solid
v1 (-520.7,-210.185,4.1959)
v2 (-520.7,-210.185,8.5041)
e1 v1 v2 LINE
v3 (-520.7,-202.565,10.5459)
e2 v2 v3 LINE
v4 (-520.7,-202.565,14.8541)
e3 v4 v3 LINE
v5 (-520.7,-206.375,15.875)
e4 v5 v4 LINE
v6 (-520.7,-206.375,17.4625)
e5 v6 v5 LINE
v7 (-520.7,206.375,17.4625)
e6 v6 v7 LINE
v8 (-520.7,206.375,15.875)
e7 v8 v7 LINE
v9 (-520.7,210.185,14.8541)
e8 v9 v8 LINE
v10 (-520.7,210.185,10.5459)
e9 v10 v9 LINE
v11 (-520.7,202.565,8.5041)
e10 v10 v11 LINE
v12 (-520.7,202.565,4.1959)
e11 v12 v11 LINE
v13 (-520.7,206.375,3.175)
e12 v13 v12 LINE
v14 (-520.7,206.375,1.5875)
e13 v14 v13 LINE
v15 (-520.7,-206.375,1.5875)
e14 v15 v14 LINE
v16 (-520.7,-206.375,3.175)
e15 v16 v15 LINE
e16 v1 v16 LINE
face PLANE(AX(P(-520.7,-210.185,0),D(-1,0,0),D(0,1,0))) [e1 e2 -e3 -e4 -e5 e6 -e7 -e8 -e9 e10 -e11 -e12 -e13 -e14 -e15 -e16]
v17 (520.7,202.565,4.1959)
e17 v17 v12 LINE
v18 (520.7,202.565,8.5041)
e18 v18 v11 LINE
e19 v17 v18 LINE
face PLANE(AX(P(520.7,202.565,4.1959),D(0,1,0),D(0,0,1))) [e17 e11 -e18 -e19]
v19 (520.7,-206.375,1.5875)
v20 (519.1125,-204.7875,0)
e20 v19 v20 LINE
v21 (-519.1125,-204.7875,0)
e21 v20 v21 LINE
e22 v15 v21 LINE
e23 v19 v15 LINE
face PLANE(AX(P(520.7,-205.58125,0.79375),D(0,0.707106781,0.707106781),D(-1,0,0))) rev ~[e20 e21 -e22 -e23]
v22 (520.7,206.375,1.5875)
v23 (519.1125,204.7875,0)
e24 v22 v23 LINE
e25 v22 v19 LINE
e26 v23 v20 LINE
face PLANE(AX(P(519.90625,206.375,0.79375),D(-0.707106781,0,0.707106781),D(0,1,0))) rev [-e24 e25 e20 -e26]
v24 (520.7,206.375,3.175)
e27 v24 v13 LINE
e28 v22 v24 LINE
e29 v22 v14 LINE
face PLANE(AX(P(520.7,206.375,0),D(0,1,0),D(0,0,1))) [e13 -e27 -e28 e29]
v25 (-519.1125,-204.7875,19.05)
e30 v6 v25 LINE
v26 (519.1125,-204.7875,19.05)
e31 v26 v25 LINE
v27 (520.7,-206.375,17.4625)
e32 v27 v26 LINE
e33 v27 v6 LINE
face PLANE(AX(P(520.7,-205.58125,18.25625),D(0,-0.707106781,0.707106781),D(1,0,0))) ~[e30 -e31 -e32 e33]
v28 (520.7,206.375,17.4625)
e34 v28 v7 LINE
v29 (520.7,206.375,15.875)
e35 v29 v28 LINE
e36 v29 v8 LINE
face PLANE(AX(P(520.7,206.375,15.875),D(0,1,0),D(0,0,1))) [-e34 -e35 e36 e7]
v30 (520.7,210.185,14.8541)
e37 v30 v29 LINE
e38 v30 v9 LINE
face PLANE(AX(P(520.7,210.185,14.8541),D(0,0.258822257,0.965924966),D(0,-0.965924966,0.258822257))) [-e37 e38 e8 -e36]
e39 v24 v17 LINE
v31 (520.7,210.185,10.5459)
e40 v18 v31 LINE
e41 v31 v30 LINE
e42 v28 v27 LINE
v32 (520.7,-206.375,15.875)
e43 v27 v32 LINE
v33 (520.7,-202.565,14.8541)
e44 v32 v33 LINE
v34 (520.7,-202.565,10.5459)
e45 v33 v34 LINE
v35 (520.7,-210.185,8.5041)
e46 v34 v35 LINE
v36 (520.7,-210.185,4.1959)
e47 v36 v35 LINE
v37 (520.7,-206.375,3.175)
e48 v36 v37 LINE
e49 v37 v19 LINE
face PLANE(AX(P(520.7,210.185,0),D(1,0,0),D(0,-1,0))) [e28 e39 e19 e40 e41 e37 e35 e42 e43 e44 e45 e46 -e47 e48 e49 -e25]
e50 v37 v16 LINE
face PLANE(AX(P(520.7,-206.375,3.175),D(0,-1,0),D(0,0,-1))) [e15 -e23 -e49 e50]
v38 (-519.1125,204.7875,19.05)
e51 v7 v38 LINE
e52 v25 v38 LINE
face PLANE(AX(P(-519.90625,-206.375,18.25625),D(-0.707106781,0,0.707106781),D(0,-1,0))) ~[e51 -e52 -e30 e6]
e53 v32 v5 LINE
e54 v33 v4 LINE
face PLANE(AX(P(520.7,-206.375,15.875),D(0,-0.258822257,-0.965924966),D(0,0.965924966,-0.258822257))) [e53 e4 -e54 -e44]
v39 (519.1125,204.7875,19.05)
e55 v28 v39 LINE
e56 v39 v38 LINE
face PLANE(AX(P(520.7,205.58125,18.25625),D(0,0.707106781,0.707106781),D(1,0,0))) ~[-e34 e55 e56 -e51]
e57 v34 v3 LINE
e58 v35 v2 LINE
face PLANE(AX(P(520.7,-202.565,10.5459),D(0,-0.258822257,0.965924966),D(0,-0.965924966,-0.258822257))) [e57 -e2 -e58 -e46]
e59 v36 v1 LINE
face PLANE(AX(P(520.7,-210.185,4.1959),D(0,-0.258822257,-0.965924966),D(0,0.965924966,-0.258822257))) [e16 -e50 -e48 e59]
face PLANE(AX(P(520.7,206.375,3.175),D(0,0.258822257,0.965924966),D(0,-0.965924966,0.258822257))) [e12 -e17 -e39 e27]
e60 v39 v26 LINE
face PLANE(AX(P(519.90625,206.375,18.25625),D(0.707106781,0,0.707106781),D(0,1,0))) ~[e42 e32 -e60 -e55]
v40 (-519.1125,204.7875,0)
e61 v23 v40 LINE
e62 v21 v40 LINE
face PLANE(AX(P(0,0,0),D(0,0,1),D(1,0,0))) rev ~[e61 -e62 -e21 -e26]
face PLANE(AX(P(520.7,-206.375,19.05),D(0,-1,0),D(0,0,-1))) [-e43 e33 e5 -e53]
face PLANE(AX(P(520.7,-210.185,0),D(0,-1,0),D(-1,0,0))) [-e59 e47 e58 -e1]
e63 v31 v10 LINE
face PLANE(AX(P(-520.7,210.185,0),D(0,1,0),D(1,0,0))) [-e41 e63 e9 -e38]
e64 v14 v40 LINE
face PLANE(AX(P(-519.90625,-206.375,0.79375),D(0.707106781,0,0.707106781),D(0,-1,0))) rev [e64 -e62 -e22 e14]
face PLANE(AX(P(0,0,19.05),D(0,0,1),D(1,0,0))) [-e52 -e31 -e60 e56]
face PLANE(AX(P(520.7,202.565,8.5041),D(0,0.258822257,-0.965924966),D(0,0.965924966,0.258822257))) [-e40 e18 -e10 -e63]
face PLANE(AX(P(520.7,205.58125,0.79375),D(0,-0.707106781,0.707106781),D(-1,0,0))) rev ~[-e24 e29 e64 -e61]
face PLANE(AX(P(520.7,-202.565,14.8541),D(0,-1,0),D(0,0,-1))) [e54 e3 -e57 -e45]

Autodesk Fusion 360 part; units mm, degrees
sketch "Sketch1" plane through (0, 0, 0) normal (0, 0, 1) x (1, 0, 0)
  line L0 (-520.7, 210.185) -> (520.7, 210.185)
  line L1 (520.7, 210.185) -> (520.7, -210.185)
  line L2 (520.7, -210.185) -> (-520.7, -210.185)
  line L3 (-520.7, -210.185) -> (-520.7, 210.185)
  line L4 (-520.7, 210.185) -> (520.7, -210.185) construction
  line L5 (520.7, 210.185) -> (-520.7, -210.185) construction
  dimension "d1" = 420.37
  dimension "d2" = 1041.4
extrude "Extrude1" add sketch "Sketch1" along normal blind 19.05
sketch "Sketch3" plane through (520.7, 0, 0) normal (1, 0, 0) x (0, 1, 0)
  line L0 (-210.185, 0) -> (210.185, 0)
  line L1 (210.185, 0) -> (210.185, 19.05)
  line L2 (210.185, 19.05) -> (-210.185, 19.05)
  line L3 (-210.185, 19.05) -> (-210.185, 0)
  line L4 (206.375, 0) -> (206.375, 3.175)
  line L5 (206.375, 15.875) -> (206.375, 19.05)
  line L6 (206.375, 3.175) -> (202.565, 4.1959)
  line L7 (202.565, 4.1959) -> (202.565, 8.5041)
  line L8 (202.565, 8.5041) -> (206.375, 9.525)
  line L9 (210.185, 10.5459) -> (210.185, 14.8541) construction
  line L10 (210.185, 14.8541) -> (206.375, 15.875)
  line L11 (206.375, 9.525) -> (210.185, 10.5459)
  line L12 (206.375, 0) -> (210.185, 0)
  line L13 (206.375, 19.05) -> (210.185, 19.05)
  line L14 (210.185, 19.05) -> (210.185, 14.8541)
  line L15 (210.185, 0) -> (210.185, 10.5459)
  line L16 (-202.565, 14.8541) -> (-202.565, 10.5459)
  line L17 (-210.185, 0) -> (-210.185, 4.1959)
  line L18 (-206.375, 19.05) -> (-206.375, 15.875)
  line L19 (-206.375, 9.525) -> (-210.185, 8.5041)
  line L20 (-206.375, 3.175) -> (-206.375, 0)
  line L21 (-206.375, 15.875) -> (-202.565, 14.8541)
  line L22 (-206.375, 19.05) -> (-210.185, 19.05)
  line L23 (-206.375, 0) -> (-210.185, 0)
  line L24 (-210.185, 4.1959) -> (-206.375, 3.175)
  line L25 (-210.185, 19.05) -> (-210.185, 8.5041)
  line L26 (-202.565, 10.5459) -> (-206.375, 9.525)
  line L27 (-210.185, 8.5041) -> (-210.185, 4.1959) construction
  point P0 (210.185, 0)
  dimension "d25" = 105
  dimension "d27" = 19.05
  dimension "d29" = 6.35
  dimension "d30" = 6.35
  dimension "d31" = 3.81
  dimension "d32" = 3.81
  dimension "d33" = 3.81
  dimension "d36" = 105
  dimension "d37" = 19.05
  dimension "d38" = 6.35
  dimension "d39" = 6.35
  dimension "d40" = 3.81
  dimension "d41" = 3.81
  dimension "d42" = 3.81
extrude "Extrude3" cut sketch "Sketch3" against normal blind 1041.4 contours L0 L3 L17 L20 L23 L24 | L0 L1 L4 L6 L7 L8 L11 L12 L15 | L2 L3 L16 L18 L19 L21 L22 L25 L26 | L1 L2 L5 L10 L13 L14
chamfer "Chamfer1" distance 1.5875 angle 45 8 edges at (-520.7, 0, 19.05) (520.7, 0, 19.05) (-520.7, 0, 0) (520.7, 0, 0) (0, 206.375, 19.05) (0, 206.375, 0) (0, -206.375, 19.05) (0, -206.375, 0)
